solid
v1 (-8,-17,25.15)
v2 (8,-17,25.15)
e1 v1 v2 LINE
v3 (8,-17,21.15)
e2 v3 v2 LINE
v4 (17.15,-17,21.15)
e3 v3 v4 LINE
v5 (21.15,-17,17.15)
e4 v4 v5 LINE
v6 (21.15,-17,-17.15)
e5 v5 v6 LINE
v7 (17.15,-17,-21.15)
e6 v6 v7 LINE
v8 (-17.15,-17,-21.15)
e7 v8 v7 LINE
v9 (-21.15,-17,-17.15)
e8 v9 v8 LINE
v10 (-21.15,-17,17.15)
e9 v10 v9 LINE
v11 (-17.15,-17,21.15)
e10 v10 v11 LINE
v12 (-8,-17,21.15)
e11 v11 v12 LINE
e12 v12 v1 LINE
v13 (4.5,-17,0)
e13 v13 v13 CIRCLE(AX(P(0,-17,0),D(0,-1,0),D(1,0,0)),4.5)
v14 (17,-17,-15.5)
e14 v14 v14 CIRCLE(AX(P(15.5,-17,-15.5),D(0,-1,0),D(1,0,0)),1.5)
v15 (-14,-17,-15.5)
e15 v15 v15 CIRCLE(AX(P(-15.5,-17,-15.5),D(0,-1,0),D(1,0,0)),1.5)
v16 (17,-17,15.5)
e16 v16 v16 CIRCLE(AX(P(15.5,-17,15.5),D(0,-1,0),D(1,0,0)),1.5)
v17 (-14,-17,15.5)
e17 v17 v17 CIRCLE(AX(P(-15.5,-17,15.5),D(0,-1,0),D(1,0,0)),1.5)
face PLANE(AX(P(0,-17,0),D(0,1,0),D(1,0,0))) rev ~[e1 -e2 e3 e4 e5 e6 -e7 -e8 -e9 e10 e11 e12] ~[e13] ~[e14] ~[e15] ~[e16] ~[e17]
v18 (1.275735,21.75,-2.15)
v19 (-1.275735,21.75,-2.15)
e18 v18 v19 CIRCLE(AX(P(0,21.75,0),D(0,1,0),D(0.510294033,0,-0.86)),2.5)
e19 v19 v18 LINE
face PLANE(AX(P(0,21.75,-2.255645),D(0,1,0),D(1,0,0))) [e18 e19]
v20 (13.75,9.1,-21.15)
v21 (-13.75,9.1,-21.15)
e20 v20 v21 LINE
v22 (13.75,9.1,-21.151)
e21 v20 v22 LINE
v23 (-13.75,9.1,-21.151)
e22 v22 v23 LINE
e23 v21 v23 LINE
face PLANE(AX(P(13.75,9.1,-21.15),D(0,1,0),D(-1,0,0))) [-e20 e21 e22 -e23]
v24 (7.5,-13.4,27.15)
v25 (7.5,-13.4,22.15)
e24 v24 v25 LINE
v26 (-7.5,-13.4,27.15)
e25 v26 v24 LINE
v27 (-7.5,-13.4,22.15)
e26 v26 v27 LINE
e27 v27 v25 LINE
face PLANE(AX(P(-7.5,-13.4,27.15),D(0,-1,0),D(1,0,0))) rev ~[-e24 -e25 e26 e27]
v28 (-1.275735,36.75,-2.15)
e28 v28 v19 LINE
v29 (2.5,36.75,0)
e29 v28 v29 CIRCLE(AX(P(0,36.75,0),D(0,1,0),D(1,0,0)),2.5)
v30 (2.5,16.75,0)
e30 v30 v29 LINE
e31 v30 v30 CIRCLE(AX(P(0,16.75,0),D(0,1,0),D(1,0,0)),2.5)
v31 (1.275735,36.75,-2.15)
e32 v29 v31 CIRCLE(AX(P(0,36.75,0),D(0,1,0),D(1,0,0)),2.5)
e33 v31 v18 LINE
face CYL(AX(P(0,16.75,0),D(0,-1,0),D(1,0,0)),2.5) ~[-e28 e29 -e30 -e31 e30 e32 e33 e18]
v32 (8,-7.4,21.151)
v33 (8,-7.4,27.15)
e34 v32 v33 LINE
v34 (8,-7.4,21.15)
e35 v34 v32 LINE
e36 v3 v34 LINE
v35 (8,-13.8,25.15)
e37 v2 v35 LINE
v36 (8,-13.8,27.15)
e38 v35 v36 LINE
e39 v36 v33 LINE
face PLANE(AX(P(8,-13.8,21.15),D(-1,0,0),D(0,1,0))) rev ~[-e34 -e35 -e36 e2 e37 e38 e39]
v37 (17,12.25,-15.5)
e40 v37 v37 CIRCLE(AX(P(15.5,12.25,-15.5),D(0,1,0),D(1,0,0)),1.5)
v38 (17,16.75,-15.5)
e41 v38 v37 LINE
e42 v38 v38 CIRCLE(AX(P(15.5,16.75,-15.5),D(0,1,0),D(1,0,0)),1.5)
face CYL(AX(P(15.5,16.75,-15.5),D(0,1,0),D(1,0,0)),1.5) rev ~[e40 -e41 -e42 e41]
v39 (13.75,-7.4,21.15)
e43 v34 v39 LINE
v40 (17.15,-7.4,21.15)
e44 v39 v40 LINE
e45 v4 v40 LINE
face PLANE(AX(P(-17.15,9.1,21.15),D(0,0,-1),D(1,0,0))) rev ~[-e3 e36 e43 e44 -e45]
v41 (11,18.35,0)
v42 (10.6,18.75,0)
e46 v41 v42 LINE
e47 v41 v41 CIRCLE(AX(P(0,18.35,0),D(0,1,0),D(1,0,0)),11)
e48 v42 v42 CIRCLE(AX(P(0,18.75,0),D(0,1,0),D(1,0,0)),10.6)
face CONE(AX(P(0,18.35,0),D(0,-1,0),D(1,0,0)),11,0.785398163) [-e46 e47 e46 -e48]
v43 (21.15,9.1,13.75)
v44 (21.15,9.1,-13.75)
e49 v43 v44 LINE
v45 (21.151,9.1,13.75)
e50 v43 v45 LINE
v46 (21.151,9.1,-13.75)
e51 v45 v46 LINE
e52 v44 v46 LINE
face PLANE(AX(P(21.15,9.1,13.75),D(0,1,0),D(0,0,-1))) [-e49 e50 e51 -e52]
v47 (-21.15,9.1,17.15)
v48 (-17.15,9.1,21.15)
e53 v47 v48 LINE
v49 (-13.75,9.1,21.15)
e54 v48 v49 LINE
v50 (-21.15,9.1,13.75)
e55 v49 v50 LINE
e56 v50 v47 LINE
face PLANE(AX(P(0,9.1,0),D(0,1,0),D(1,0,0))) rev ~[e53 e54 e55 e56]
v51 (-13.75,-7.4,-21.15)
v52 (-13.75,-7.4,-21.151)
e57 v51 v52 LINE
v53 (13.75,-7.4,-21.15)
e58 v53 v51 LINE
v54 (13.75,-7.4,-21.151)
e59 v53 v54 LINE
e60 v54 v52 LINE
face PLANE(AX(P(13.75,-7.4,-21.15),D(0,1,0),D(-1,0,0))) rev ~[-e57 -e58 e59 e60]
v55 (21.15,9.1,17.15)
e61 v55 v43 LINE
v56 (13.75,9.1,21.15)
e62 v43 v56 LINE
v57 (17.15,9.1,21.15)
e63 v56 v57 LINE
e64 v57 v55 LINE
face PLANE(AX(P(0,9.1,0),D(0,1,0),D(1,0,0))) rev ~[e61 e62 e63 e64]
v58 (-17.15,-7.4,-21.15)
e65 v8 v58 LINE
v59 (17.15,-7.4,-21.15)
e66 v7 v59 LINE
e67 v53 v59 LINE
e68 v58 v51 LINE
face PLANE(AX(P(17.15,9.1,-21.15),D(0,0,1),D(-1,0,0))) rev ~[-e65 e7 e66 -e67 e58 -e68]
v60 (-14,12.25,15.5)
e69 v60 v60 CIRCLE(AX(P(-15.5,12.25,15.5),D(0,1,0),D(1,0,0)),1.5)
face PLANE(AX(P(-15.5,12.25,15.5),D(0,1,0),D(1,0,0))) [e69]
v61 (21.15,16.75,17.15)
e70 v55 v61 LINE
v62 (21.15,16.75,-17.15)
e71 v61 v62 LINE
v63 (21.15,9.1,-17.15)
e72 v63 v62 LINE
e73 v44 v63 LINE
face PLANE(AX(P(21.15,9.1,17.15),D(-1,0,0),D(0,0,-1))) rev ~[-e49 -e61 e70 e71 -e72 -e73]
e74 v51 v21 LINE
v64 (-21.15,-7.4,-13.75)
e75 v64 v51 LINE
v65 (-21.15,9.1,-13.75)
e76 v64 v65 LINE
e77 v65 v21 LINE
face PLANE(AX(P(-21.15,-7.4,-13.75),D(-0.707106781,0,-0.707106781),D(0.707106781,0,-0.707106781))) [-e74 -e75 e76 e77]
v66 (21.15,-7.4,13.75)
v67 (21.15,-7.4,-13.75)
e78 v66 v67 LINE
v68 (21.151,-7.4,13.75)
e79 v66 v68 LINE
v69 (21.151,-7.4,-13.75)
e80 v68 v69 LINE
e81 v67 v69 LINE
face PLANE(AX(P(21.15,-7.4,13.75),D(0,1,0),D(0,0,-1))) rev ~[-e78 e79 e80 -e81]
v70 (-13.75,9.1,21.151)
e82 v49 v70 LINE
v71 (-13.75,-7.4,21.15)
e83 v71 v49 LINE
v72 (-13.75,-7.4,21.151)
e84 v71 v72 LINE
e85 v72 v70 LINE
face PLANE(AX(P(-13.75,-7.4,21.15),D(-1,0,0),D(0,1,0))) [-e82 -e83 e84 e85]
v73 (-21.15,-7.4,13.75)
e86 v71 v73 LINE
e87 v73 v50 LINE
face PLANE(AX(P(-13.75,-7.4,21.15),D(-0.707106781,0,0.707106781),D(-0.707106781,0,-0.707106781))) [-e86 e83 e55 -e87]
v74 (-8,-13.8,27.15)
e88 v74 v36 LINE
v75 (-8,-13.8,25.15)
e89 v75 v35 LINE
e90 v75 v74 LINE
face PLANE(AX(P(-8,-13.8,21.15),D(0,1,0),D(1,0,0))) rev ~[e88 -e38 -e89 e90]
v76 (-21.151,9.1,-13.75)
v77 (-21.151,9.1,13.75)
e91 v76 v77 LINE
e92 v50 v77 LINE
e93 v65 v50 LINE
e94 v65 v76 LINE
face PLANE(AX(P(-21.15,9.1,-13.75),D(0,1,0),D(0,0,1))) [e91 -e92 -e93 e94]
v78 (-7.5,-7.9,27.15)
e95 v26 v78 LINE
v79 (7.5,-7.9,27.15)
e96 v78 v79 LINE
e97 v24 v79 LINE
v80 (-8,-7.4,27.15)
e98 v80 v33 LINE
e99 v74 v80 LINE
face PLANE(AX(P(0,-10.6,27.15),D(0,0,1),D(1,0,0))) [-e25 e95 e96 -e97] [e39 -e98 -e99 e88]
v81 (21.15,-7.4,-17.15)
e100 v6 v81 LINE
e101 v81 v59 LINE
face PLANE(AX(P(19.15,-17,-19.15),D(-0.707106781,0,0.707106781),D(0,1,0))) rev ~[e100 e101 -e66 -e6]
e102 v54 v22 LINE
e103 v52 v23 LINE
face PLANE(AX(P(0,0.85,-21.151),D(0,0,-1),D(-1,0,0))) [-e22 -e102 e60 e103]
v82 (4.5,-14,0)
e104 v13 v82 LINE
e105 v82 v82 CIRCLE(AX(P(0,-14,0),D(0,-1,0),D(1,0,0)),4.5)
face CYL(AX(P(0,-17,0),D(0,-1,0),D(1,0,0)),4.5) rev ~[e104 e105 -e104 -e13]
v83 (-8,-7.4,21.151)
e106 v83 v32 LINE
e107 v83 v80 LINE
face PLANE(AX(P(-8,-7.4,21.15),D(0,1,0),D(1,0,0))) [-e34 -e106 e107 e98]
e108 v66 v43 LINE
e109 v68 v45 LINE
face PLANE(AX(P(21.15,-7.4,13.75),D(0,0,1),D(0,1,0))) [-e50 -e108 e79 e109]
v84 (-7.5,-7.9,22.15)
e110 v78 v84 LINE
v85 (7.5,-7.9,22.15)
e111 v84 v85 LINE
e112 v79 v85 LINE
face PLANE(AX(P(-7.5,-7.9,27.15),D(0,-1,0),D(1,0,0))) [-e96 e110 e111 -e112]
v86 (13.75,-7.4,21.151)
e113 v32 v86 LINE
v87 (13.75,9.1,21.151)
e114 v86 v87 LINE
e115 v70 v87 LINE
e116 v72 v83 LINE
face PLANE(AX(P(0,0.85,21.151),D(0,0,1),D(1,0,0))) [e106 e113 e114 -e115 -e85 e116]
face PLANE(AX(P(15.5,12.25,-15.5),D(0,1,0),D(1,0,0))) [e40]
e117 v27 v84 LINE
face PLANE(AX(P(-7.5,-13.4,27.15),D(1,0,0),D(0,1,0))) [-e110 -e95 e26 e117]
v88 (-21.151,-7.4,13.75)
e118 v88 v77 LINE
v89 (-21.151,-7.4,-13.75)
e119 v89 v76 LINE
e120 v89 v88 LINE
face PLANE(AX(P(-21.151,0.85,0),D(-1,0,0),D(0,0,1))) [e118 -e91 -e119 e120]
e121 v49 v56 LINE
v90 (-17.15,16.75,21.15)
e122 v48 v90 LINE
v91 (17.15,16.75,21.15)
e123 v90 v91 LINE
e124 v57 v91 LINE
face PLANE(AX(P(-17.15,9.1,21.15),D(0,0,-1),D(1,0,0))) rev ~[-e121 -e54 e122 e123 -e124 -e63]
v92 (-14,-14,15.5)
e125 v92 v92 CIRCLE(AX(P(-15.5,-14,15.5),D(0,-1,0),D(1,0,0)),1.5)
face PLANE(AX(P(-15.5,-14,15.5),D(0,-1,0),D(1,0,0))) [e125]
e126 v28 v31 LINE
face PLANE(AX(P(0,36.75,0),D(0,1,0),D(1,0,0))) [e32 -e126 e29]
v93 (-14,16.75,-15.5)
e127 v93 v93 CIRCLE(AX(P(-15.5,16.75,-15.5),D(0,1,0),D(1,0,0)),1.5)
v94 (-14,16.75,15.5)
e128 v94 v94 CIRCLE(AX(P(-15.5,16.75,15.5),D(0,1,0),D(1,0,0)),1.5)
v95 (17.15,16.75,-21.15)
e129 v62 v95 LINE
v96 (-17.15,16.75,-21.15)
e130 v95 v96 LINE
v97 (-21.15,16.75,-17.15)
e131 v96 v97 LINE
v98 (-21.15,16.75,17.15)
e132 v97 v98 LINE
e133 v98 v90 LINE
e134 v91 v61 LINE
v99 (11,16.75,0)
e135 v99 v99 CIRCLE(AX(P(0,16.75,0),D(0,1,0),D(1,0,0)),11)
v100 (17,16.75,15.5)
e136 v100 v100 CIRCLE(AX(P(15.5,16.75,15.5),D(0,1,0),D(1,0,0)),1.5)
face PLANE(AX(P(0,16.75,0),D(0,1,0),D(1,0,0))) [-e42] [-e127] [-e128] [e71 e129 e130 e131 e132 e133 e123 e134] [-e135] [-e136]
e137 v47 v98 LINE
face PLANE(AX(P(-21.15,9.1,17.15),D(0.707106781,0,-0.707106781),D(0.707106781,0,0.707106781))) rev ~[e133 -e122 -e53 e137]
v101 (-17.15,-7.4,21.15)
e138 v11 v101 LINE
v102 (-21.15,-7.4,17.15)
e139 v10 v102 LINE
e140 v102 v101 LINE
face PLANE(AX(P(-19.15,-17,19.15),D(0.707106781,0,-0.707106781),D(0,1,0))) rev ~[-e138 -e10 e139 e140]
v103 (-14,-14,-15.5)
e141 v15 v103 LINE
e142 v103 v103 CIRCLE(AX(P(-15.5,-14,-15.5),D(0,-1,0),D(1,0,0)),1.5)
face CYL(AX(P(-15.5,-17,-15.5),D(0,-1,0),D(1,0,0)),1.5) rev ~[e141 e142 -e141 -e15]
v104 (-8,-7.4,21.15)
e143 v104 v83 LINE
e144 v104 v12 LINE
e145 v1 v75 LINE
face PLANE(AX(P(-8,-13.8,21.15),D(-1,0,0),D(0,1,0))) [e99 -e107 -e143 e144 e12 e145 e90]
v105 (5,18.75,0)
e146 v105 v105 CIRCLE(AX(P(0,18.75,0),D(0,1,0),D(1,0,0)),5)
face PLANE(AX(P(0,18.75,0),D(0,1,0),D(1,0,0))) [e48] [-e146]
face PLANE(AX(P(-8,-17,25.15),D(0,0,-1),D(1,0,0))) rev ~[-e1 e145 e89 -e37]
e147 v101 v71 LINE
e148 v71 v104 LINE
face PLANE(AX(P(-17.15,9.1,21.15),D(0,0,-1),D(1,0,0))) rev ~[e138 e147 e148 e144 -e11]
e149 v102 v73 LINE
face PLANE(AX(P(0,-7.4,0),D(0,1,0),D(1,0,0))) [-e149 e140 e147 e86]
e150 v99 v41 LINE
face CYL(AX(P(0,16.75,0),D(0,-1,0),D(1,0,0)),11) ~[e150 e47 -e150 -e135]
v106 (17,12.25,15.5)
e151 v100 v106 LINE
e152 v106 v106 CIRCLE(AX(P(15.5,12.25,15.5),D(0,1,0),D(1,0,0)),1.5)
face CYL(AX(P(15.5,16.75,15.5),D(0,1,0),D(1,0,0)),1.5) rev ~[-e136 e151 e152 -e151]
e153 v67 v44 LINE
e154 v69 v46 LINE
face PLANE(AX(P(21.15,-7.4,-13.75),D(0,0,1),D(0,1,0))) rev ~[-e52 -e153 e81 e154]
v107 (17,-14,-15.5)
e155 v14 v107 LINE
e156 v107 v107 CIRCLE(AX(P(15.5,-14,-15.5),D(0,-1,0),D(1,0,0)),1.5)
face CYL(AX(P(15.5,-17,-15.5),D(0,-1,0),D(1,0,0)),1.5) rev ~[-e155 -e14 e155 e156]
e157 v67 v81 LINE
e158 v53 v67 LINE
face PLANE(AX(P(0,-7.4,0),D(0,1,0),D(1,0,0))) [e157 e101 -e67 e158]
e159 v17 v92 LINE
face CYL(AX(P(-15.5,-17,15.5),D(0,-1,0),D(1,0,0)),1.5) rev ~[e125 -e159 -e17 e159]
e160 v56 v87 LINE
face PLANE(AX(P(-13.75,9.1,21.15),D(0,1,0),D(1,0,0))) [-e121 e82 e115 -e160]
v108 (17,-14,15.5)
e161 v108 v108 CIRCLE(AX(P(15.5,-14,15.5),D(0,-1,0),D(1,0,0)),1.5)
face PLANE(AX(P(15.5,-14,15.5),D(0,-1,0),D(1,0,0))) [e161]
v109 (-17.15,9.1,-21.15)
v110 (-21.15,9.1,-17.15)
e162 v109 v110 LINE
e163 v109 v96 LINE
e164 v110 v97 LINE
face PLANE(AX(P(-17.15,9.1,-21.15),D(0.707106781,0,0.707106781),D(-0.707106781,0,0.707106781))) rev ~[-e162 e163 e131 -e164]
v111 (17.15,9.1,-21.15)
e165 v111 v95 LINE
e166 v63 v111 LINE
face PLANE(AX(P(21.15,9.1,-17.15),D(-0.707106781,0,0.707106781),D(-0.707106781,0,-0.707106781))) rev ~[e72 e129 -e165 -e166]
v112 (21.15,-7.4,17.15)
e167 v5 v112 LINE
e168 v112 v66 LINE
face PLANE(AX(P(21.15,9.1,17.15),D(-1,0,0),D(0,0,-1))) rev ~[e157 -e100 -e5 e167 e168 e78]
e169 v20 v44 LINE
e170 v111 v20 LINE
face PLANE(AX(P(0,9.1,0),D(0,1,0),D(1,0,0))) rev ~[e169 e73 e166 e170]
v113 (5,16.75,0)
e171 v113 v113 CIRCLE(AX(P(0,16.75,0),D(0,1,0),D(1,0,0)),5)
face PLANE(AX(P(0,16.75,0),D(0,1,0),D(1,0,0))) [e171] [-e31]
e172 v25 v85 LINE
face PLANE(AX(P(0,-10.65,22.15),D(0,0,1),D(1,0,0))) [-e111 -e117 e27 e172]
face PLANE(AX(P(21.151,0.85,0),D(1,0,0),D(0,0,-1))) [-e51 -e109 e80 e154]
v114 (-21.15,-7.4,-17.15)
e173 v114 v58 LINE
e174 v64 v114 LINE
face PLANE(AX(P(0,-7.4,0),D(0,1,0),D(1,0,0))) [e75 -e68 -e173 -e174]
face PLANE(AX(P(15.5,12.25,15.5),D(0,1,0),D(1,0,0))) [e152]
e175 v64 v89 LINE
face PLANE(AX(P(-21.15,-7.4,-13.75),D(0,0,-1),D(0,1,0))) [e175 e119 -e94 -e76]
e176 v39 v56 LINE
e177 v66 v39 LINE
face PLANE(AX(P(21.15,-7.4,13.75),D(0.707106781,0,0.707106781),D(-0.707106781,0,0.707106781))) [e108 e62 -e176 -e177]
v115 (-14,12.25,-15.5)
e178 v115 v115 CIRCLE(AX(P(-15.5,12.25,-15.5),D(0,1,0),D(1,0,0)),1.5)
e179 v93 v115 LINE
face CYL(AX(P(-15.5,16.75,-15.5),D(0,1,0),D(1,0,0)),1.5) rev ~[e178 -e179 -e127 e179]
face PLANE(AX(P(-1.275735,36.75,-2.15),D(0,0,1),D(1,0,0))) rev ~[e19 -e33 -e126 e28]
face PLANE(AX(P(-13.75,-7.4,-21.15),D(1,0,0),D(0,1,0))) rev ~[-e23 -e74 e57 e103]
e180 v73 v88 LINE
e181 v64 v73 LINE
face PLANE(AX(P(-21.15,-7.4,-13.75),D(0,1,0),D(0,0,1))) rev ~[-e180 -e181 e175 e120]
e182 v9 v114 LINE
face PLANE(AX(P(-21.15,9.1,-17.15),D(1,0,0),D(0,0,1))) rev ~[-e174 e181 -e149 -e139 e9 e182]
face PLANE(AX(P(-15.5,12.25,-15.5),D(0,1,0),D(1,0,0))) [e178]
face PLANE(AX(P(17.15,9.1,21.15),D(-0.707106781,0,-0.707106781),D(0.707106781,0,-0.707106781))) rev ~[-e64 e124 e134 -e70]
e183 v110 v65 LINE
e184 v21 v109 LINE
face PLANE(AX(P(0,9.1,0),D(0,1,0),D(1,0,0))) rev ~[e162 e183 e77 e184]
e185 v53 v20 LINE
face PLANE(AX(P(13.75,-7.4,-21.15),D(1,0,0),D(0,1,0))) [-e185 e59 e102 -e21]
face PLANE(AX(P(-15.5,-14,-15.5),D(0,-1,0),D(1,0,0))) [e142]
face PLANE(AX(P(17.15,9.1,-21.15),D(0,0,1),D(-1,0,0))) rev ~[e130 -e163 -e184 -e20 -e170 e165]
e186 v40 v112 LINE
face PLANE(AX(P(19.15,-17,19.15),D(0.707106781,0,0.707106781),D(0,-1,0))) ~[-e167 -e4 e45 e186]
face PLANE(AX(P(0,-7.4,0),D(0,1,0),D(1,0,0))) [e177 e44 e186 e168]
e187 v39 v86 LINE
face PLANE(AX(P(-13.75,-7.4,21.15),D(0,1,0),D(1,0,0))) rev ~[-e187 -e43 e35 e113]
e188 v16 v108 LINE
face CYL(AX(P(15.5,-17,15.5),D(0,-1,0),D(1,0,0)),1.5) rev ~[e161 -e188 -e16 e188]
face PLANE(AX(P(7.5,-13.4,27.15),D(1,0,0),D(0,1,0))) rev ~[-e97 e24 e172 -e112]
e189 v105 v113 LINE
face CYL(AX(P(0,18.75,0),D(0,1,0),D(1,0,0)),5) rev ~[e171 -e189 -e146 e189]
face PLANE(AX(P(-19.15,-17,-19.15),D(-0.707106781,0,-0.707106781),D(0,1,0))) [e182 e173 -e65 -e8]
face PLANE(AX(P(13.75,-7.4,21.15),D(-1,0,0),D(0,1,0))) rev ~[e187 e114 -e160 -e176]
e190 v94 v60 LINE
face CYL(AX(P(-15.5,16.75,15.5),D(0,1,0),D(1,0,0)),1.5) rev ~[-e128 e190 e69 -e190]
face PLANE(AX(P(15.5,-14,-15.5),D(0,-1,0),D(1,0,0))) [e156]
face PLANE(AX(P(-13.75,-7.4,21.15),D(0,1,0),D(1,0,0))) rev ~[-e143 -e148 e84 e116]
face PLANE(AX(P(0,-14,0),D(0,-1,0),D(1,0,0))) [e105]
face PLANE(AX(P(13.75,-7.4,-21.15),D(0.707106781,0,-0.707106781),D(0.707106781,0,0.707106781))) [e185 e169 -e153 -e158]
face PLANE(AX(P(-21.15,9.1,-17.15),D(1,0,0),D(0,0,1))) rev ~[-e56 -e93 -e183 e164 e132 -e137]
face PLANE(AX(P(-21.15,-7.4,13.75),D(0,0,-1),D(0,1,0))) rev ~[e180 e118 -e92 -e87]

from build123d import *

# Parameters (mm, degrees)
EXTRUDE1_START       = -17
SKETCH1_W            = 42.3
SKETCH1_H            = 42.3
EXTRUDE1_DEPTH       = 9.6
CHAMFER3_SIZE        = 4
BOSS_EXTRUDE8_DEPTH  = 16.5
BOSS_EXTRUDE9_DEPTH  = 7.65
SKETCH33_R           = 11
BOSS_EXTRUDE10_DEPTH = 2
SKETCH34_R           = 5
CUT_EXTRUDE1_DEPTH   = 2
SKETCH35_R           = 2.5
BOSS_EXTRUDE11_DEPTH = 20
CUT_EXTRUDE3_DEPTH   = 15
SKETCH37_W           = 27.5
SKETCH37_H           = 16.5
BOSS_EXTRUDE12_DEPTH = 0.001
SKETCH38_W           = 27.5
SKETCH38_H           = 16.5
BOSS_EXTRUDE13_DEPTH = 0.001
SKETCH39_W           = 27.5
SKETCH39_H           = 16.5
BOSS_EXTRUDE14_DEPTH = 0.001
SKETCH40_W           = 27.5
SKETCH40_H           = 16.5
BOSS_EXTRUDE15_DEPTH = 0.001
SKETCH41_R           = 1.5
CUT_EXTRUDE4_DEPTH   = 6
SKETCH42_R           = 4.5
SKETCH42_R_2         = 1.5
CUT_EXTRUDE5_DEPTH   = 3
SKETCH43_W           = 16
SKETCH43_H           = 4
BOSS_EXTRUDE16_DEPTH = 3.2
SKETCH44_W           = 16
SKETCH44_H           = 6.4
BOSS_EXTRUDE17_DEPTH = 6
SKETCH45_W           = 15
SKETCH45_H           = 5.5
CUT_EXTRUDE6_DEPTH   = 5
SKETCH46_R           = 1.5
BOSS_EXTRUDE18_DEPTH = 1.5
CHAMFER4_SIZE        = 0.4


with BuildPart() as part:
    # Sketch1 → Extrude1 (new body)
    with BuildSketch(Plane(origin=(0, 0, 0), x_dir=(1, 0, 0), z_dir=(0, 1, 0)).offset(EXTRUDE1_START)):
        Rectangle(SKETCH1_W, SKETCH1_H)
    extrude(amount=EXTRUDE1_DEPTH)

    # Chamfer3
    chamfer3_edges = [part.edges().sort_by_distance(p)[0] for p in [
        (-21.15, -12.2, -21.15),
        (21.15, -12.2, -21.15),
        (21.15, -12.2, 21.15),
        (-21.15, -12.2, 21.15),
    ]]
    chamfer(chamfer3_edges, length=CHAMFER3_SIZE)

    # Sketch31 → Boss-Extrude8 (add)
    with BuildSketch(Plane(origin=(0, -7.4, 0), x_dir=(1, 0, 0), z_dir=(0, 1, 0))):
        Polygon((-13.75, 21.15), (13.75, 21.15), (21.15, 13.75), (21.15, -13.75), (13.75, -21.15), (-13.75, -21.15), (-21.15, -13.75), (-21.15, 13.75), align=None)
    extrude(amount=BOSS_EXTRUDE8_DEPTH)

    # Sketch32 → Boss-Extrude9 (add)
    with BuildSketch(Plane(origin=(0, 9.1, 0), x_dir=(1, 0, 0), z_dir=(0, 1, 0))):
        Polygon((-17.15, 21.15), (-21.15, 17.15), (-21.15, 13.75), (-21.15, -13.75), (-21.15, -17.15), (-17.15, -21.15), (-13.75, -21.15), (13.75, -21.15), (17.15, -21.15), (21.15, -17.15), (21.15, -13.75), (21.15, 13.75), (21.15, 17.15), (17.15, 21.15), (13.75, 21.15), (-13.75, 21.15), align=None)
    extrude(amount=BOSS_EXTRUDE9_DEPTH)

    # Sketch33 → Boss-Extrude10 (add)
    with BuildSketch(Plane(origin=(0, 16.75, 0), x_dir=(1, 0, 0), z_dir=(0, 1, 0))):
        Circle(SKETCH33_R)
    extrude(amount=BOSS_EXTRUDE10_DEPTH)

    # Sketch34 → Cut-Extrude1 (cut)
    with BuildSketch(Plane(origin=(0, 18.75, 0), x_dir=(1, 0, 0), z_dir=(0, 1, 0))):
        Circle(SKETCH34_R)
    extrude(amount=-CUT_EXTRUDE1_DEPTH, mode=Mode.SUBTRACT)

    # Sketch35 → Boss-Extrude11 (add)
    with BuildSketch(Plane(origin=(0, 16.75, 0), x_dir=(1, 0, 0), z_dir=(0, 1, 0))):
        Circle(SKETCH35_R)
    extrude(amount=BOSS_EXTRUDE11_DEPTH)

    # Sketch36 → Cut-Extrude3 (cut)
    with BuildSketch(Plane(origin=(0, 36.75, 0), x_dir=(1, 0, 0), z_dir=(0, 1, 0))):
        with BuildLine():
            Line((-1.275735082, 2.15), (0, 2.15))
            Line((0, 2.15), (1.275735082, 2.15))
            ThreePointArc((1.275735082, 2.15), (0, 2.5), (-1.275735082, 2.15))
        make_face()
    extrude(amount=-CUT_EXTRUDE3_DEPTH, mode=Mode.SUBTRACT)

    # Sketch37 → Boss-Extrude12 (add)
    with BuildSketch(Plane(origin=(21.15, 0, 0), x_dir=(0, 0, -1), z_dir=(1, 0, 0))):
        with Locations((0, 0.85)):
            Rectangle(SKETCH37_W, SKETCH37_H)
    extrude(amount=BOSS_EXTRUDE12_DEPTH)

    # Sketch38 → Boss-Extrude13 (add)
    with BuildSketch(Plane.XY.offset(21.15)):
        with Locations((0, 0.85)):
            Rectangle(SKETCH38_W, SKETCH38_H)
    extrude(amount=BOSS_EXTRUDE13_DEPTH)

    # Sketch39 → Boss-Extrude14 (add)
    with BuildSketch(Plane.ZY.offset(21.15)):
        with Locations((0, 0.85)):
            Rectangle(SKETCH39_W, SKETCH39_H)
    extrude(amount=BOSS_EXTRUDE14_DEPTH)

    # Sketch40 → Boss-Extrude15 (add)
    with BuildSketch(Plane(origin=(0, 0, -21.15), x_dir=(-1, 0, 0), z_dir=(0, 0, -1))):
        with Locations((0, 0.85)):
            Rectangle(SKETCH40_W, SKETCH40_H)
    extrude(amount=BOSS_EXTRUDE15_DEPTH)

    # Sketch41 → Cut-Extrude4 (cut)
    with BuildSketch(Plane(origin=(0, 16.75, 0), x_dir=(1, 0, 0), z_dir=(0, 1, 0))):
        with Locations((-15.5, 15.5)):
            Circle(SKETCH41_R)
        with Locations((-15.5, -15.5)):
            Circle(SKETCH41_R)
        with Locations((15.5, -15.5)):
            Circle(SKETCH41_R)
        with Locations((15.5, 15.5)):
            Circle(SKETCH41_R)
    extrude(amount=-CUT_EXTRUDE4_DEPTH, mode=Mode.SUBTRACT)

    # Sketch42 → Cut-Extrude5 (cut)
    with BuildSketch(Plane.XZ.offset(17)):
        Circle(SKETCH42_R)
        with Locations((-15.5, 15.5)):
            Circle(SKETCH42_R_2)
        with Locations((15.5, 15.5)):
            Circle(SKETCH42_R_2)
        with Locations((15.5, -15.5)):
            Circle(SKETCH42_R_2)
        with Locations((-15.5, -15.5)):
            Circle(SKETCH42_R_2)
    extrude(amount=-CUT_EXTRUDE5_DEPTH, mode=Mode.SUBTRACT)

    # Sketch43 → Boss-Extrude16 (add)
    with BuildSketch(Plane.XZ.offset(17)):
        with Locations((0, 23.15)):
            Rectangle(SKETCH43_W, SKETCH43_H)
    extrude(amount=-BOSS_EXTRUDE16_DEPTH)

    # Sketch44 → Boss-Extrude17 (add)
    with BuildSketch(Plane.XY.offset(21.15)):
        with Locations((0, -10.6)):
            Rectangle(SKETCH44_W, SKETCH44_H)
    extrude(amount=BOSS_EXTRUDE17_DEPTH)

    # Sketch45 → Cut-Extrude6 (cut)
    with BuildSketch(Plane.XY.offset(27.15)):
        with Locations((0, -10.65)):
            Rectangle(SKETCH45_W, SKETCH45_H)
    extrude(amount=-CUT_EXTRUDE6_DEPTH, mode=Mode.SUBTRACT)

    # Sketch46 → Boss-Extrude18 (add)
    with BuildSketch(Plane(origin=(0, 10.75, 0), x_dir=(1, 0, 0), z_dir=(0, 1, 0))):
        with Locations((-15.5, -15.5)):
            Circle(SKETCH46_R)
        with Locations((-15.5, 15.5)):
            Circle(SKETCH46_R)
        with Locations((15.5, 15.5)):
            Circle(SKETCH46_R)
        with Locations((15.5, -15.5)):
            Circle(SKETCH46_R)
    extrude(amount=BOSS_EXTRUDE18_DEPTH)

    # Chamfer4
    chamfer4_edges = [part.edges().sort_by_distance(p)[0] for p in [
        (-11, 18.75, 0),
    ]]
    chamfer(chamfer4_edges, length=CHAMFER4_SIZE)


solid = part.part
